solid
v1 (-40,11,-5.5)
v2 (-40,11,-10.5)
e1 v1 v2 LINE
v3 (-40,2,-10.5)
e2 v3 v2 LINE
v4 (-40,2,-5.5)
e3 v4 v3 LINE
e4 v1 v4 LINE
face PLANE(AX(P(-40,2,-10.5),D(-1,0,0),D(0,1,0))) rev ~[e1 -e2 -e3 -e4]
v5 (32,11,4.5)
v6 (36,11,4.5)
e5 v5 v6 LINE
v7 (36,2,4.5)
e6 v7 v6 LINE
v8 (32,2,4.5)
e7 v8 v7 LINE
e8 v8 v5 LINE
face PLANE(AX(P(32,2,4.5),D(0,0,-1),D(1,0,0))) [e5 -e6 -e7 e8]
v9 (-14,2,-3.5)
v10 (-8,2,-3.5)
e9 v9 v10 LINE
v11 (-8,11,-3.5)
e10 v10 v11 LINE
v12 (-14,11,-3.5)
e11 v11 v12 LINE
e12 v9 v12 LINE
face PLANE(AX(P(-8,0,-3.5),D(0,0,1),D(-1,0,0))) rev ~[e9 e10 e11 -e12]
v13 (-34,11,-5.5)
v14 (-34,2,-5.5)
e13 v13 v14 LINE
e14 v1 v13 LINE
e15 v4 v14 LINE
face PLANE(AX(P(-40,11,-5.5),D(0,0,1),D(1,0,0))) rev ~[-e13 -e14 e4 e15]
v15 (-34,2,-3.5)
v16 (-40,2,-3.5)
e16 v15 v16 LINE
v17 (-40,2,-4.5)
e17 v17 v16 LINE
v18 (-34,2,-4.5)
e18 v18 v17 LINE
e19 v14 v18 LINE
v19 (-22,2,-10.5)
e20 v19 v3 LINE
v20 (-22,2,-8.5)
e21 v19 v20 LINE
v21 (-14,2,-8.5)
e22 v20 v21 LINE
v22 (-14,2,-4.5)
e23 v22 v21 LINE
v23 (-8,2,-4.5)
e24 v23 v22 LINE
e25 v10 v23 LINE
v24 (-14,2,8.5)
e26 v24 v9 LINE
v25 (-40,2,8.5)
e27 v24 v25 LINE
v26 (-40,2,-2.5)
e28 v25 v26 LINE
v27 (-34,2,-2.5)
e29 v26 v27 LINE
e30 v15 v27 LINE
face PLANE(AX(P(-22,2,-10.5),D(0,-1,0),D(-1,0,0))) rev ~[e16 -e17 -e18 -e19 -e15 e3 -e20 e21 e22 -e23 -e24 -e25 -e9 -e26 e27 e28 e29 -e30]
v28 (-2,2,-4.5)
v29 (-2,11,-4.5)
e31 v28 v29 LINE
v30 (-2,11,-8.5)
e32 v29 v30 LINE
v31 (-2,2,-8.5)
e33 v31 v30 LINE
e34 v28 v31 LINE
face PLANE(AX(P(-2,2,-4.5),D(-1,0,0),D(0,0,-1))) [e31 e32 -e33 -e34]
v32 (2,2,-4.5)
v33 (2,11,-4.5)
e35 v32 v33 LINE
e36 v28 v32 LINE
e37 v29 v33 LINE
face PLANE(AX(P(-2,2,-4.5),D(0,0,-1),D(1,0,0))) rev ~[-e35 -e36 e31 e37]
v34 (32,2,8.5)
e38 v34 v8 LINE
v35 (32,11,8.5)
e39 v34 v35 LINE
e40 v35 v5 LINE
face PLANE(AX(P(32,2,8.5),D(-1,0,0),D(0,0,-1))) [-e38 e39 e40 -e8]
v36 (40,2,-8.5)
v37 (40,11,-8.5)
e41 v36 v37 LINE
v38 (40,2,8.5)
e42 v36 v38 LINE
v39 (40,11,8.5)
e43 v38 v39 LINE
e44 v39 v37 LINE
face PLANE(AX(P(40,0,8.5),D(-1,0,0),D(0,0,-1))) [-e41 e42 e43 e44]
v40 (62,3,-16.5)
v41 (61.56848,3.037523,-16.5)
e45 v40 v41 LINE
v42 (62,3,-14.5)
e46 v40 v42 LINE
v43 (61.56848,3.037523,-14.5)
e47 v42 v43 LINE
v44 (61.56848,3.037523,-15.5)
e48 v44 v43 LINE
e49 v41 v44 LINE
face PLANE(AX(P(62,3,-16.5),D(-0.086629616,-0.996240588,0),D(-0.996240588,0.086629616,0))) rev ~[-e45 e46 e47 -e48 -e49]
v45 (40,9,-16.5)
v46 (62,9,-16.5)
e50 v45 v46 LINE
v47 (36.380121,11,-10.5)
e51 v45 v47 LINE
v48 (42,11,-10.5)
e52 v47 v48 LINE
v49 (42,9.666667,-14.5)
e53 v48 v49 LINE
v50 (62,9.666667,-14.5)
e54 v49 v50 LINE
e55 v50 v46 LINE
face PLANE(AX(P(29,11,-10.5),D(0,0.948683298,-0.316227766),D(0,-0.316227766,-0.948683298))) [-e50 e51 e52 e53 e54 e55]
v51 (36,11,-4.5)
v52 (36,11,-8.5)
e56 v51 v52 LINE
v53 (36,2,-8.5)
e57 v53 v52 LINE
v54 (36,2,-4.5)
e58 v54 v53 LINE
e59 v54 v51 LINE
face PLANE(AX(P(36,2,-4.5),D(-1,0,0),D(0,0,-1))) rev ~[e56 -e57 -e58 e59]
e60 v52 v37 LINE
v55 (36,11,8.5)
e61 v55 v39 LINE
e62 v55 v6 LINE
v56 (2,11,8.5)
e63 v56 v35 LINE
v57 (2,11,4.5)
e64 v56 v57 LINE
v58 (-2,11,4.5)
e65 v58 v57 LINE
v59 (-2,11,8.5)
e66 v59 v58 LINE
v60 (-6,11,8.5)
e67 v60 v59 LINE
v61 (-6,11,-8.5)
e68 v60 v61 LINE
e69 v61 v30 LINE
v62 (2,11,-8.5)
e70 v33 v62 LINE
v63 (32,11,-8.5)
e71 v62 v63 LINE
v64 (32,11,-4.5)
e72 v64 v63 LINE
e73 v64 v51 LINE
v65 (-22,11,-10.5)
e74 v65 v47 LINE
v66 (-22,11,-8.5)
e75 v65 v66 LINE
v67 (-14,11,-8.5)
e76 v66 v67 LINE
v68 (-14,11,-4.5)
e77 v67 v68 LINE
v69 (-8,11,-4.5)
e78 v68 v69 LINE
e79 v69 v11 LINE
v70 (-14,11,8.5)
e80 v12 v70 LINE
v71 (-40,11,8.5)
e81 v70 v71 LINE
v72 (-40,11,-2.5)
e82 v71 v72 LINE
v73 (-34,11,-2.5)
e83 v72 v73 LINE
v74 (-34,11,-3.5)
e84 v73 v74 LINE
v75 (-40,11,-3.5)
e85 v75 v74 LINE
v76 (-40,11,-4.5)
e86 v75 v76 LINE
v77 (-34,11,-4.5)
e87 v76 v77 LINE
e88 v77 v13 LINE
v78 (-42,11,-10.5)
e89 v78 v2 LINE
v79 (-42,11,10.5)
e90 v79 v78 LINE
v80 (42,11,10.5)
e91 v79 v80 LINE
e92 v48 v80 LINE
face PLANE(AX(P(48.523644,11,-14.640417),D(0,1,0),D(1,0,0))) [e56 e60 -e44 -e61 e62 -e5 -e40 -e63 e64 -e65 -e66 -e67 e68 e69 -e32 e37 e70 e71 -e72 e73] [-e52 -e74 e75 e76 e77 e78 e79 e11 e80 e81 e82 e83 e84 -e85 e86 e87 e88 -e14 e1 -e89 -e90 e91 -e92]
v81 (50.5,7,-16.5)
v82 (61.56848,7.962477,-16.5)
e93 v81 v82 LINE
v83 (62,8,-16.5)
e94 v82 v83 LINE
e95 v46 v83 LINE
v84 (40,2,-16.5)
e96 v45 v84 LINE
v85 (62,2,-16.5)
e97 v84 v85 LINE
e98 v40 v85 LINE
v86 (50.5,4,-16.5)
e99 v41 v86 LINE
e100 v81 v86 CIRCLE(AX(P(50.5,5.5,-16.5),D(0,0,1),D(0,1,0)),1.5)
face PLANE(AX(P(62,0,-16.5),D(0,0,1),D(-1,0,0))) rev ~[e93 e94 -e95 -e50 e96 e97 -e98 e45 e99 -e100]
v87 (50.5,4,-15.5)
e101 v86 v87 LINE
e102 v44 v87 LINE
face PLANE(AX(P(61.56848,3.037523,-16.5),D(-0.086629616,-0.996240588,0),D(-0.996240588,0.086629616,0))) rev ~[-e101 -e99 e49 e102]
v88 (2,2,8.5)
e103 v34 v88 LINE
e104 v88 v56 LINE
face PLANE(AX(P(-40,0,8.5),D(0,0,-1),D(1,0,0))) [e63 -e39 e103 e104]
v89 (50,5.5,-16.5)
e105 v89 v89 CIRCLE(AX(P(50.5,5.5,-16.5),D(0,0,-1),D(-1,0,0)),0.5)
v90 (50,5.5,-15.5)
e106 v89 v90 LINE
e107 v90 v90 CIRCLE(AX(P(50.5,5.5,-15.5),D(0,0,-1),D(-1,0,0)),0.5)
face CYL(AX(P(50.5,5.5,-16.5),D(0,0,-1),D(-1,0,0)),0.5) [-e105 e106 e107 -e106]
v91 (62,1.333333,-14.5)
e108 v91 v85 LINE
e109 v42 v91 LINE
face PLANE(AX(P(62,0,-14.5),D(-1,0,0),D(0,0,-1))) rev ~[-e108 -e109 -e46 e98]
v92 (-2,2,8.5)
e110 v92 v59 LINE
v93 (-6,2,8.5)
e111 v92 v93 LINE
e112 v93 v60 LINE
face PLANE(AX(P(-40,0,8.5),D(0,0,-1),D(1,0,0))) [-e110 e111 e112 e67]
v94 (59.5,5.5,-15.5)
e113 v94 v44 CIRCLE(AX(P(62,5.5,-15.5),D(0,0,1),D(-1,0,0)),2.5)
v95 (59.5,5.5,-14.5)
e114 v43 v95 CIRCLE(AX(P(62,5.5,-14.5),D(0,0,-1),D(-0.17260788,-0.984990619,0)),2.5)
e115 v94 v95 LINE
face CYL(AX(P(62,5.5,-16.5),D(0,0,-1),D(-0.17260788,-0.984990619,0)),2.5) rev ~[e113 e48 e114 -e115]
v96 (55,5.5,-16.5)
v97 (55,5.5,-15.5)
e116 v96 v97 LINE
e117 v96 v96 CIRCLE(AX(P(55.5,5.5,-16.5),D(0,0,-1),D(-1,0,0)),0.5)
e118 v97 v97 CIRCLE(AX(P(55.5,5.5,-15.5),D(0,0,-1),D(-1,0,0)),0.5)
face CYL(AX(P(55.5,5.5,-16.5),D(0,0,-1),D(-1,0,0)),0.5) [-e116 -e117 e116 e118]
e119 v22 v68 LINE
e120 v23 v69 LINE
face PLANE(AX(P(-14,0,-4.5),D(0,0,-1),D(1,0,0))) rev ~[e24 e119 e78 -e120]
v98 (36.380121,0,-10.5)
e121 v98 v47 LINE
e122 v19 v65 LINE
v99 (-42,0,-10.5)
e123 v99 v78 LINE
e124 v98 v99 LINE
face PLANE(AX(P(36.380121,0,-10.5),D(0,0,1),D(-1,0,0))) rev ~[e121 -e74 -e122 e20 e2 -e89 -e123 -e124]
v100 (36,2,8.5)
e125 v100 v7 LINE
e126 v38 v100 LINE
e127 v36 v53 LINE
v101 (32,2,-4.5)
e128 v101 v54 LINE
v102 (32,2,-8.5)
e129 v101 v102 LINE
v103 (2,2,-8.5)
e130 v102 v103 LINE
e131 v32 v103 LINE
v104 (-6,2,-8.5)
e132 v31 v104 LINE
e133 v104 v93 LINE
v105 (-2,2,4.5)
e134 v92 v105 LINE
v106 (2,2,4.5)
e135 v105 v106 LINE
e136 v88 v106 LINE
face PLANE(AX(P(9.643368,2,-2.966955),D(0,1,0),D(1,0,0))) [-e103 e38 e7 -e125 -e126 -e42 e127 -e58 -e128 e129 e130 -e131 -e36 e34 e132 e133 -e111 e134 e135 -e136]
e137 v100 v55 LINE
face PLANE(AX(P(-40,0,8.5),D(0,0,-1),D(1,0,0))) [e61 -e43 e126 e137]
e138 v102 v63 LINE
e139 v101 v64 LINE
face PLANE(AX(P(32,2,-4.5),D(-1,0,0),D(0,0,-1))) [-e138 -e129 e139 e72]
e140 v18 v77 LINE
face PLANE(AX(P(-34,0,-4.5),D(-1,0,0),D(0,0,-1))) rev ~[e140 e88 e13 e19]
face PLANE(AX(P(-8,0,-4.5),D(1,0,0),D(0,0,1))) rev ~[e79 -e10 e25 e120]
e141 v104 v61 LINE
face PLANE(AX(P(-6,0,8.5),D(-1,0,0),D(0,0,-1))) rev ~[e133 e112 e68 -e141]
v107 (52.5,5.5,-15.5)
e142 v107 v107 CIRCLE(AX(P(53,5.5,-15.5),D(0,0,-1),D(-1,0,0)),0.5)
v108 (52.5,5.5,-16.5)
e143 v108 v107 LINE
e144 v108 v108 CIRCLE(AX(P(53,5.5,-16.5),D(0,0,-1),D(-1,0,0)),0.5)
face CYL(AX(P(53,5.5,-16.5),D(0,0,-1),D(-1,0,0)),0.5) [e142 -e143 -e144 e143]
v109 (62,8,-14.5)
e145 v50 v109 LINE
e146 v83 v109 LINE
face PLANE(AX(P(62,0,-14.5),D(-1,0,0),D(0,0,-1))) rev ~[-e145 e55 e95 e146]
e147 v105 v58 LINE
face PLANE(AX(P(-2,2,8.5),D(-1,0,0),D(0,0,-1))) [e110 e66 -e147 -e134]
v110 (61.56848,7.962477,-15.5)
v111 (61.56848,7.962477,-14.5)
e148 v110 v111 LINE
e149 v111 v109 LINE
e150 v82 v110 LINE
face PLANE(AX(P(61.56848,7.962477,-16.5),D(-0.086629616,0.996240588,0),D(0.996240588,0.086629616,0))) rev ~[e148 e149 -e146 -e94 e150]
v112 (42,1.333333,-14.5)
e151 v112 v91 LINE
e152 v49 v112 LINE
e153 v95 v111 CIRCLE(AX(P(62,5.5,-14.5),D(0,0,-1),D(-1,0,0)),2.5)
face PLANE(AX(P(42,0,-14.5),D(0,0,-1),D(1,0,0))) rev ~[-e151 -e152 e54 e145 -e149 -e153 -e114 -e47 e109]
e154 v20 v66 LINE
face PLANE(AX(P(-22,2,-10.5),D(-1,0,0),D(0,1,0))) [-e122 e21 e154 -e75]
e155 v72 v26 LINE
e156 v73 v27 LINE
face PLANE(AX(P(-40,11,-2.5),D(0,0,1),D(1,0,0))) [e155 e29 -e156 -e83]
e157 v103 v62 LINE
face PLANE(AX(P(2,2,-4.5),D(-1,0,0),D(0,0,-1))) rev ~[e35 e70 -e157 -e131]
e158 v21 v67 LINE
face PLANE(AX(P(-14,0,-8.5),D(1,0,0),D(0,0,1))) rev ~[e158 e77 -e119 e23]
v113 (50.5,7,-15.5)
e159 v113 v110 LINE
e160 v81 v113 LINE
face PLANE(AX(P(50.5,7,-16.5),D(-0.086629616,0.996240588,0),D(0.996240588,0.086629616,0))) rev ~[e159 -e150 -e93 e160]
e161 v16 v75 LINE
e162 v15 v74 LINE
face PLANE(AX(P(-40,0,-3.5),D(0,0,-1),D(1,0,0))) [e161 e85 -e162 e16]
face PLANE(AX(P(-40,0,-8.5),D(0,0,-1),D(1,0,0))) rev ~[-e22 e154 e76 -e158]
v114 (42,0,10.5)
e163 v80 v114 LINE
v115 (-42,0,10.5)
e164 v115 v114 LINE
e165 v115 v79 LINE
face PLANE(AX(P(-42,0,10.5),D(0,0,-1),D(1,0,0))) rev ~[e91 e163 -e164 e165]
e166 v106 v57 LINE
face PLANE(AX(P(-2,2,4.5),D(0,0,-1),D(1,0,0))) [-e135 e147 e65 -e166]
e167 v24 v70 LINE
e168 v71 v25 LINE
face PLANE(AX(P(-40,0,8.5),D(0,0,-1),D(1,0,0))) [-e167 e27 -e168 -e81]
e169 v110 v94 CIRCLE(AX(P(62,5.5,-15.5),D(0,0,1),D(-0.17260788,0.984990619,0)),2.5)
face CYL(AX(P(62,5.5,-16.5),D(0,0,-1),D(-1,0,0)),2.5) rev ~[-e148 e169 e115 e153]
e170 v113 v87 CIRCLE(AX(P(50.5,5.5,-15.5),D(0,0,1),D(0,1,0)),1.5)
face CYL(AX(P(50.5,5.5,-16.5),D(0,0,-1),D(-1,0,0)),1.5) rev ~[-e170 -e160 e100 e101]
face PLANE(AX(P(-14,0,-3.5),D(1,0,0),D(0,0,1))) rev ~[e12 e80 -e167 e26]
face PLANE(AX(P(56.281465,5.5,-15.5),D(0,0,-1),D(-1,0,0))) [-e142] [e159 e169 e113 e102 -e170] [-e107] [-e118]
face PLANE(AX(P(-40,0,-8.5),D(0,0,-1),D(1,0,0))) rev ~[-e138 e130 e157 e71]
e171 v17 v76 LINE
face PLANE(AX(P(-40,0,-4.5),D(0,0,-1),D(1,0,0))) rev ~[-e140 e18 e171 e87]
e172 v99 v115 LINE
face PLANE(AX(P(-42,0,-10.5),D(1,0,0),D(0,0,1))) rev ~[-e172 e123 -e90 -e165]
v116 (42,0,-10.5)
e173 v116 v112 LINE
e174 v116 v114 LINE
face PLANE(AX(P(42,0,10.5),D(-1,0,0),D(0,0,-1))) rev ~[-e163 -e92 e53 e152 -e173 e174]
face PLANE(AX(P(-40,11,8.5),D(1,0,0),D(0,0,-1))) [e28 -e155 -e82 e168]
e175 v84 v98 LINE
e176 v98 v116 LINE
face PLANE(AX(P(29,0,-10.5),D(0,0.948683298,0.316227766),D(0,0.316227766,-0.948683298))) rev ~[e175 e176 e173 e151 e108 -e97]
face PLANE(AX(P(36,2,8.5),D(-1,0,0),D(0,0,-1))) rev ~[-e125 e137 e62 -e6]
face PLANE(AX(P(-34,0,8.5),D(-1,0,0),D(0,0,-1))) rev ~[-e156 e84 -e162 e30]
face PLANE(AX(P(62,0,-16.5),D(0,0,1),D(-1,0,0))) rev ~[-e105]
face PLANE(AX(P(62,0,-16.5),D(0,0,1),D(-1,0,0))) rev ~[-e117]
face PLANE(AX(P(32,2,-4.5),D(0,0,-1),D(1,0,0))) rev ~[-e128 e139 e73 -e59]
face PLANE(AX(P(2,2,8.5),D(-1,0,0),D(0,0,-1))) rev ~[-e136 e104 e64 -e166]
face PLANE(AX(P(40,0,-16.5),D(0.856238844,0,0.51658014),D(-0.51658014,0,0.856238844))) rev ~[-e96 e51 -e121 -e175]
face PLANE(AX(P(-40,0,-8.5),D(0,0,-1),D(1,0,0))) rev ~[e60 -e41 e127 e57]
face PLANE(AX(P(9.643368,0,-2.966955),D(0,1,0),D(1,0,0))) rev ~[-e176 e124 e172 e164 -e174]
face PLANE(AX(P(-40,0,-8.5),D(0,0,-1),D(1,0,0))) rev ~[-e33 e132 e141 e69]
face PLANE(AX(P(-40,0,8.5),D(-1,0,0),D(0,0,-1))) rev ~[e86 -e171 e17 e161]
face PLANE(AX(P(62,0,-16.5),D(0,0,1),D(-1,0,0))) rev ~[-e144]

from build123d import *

# Parameters (mm, degrees)
BOSS_EXTRUDE1_DEPTH     = 2
SKETCH1_4_W             = 46
SKETCH1_4_H             = 17
BOSS_EXTRUDE2_DEPTH     = 11
SKETCH2_W               = 6
SKETCH2_H               = 3
SKETCH2_H_2             = 11
CUT_EXTRUDE1_DEPTH      = 9
SKETCH3_W               = 18
SKETCH3_H               = 9
CUT_EXTRUDE2_DEPTH      = 2
SKETCH4_W               = 4
SKETCH4_H               = 4
BOSS_EXTRUDE3_DEPTH     = 9
SKETCH6_R               = 0.5
CUT_EXTRUDE3_DEPTH      = 1
CUT_EXTRUDE4_DEPTH      = 2
CUT_EXTRUDE5_DEPTH      = 34
CUT_EXTRUDE5_DEPTH_BACK = 13


with BuildPart() as part:
    # Sketch1 → Boss-Extrude1 (new body)
    with BuildSketch(Plane(origin=(0, 0, 0), x_dir=(1, 0, 0), z_dir=(0, 1, 0))):
        Polygon((-42, 10.5), (-42, -10.5), (42, -10.5), (42, 14.5), (62, 14.5), (62, 16.5), (40, 16.5), (36.380121198, 10.5), align=None)
    extrude(amount=BOSS_EXTRUDE1_DEPTH)

    # Sketch1<4> → Boss-Extrude2 (add)
    with BuildSketch(Plane(origin=(0, 0, 0), x_dir=(1, 0, 0), z_dir=(0, 1, 0))):
        Polygon((-42, 10.5), (-42, -10.5), (42, -10.5), (42, 14.5), (62, 14.5), (62, 16.5), (40, 16.5), (36.380121198, 10.5), align=None)
        Polygon((-14, 3.5), (-14, -8.5), (-34, -8.5), (-34, 3.5), (-40, 3.5), (-40, 4.5), (-34, 4.5), (-34, 8.5), (-14, 8.5), (-14, 4.5), (-8, 4.5), (-8, 3.5), align=None, mode=Mode.SUBTRACT)
        with Locations((17, 0)):
            Rectangle(SKETCH1_4_W, SKETCH1_4_H, mode=Mode.SUBTRACT)
    extrude(amount=BOSS_EXTRUDE2_DEPTH)

    # Sketch2 → Cut-Extrude1 (cut)
    with BuildSketch(Plane(origin=(0, 11, 0), x_dir=(1, 0, 0), z_dir=(0, 1, 0))):
        with Locations((-37, 7)):
            Rectangle(SKETCH2_W, SKETCH2_H)
        with Locations((-37, -3)):
            Rectangle(SKETCH2_W, SKETCH2_H_2)
    extrude(amount=-CUT_EXTRUDE1_DEPTH, mode=Mode.SUBTRACT)

    # Sketch3 → Cut-Extrude2 (cut)
    with BuildSketch(Plane(origin=(0, 0, -10.5), x_dir=(-1, 0, 0), z_dir=(0, 0, -1))):
        with Locations((31, 6.5)):
            Rectangle(SKETCH3_W, SKETCH3_H)
    extrude(amount=-CUT_EXTRUDE2_DEPTH, mode=Mode.SUBTRACT)

    # Sketch4 → Boss-Extrude3 (add)
    with BuildSketch(Plane(origin=(0, 2, 0), x_dir=(1, 0, 0), z_dir=(0, 1, 0))):
        with Locations((0, 6.5)):
            Rectangle(SKETCH4_W, SKETCH4_H)
        with Locations((0, -6.5)):
            Rectangle(SKETCH4_W, SKETCH4_H)
        with Locations((34, 6.5)):
            Rectangle(SKETCH4_W, SKETCH4_H)
        with Locations((34, -6.5)):
            Rectangle(SKETCH4_W, SKETCH4_H)
    extrude(amount=BOSS_EXTRUDE3_DEPTH)

    # Sketch6 → Cut-Extrude3 (cut)
    with BuildSketch(Plane(origin=(0, 0, -16.5), x_dir=(-1, 0, 0), z_dir=(0, 0, -1))):
        with BuildLine():
            Line((-61.5684803, 3.037523452), (-50.5, 4))
            ThreePointArc((-50.5, 4), (-49, 5.5), (-50.5, 7))
            Line((-50.5, 7), (-61.5684803, 7.962476548))
            ThreePointArc((-61.5684803, 7.962476548), (-59.5, 5.5), (-61.5684803, 3.037523452))
        make_face()
        with Locations((-55.5, 5.5)):
            Circle(SKETCH6_R, mode=Mode.SUBTRACT)
        with Locations((-53, 5.5)):
            Circle(SKETCH6_R, mode=Mode.SUBTRACT)
        with Locations((-50.5, 5.5)):
            Circle(SKETCH6_R, mode=Mode.SUBTRACT)
    extrude(amount=-CUT_EXTRUDE3_DEPTH, mode=Mode.SUBTRACT)

    # Sketch6<3> → Cut-Extrude4 (cut)
    with BuildSketch(Plane(origin=(0, 0, -16.5), x_dir=(-1, 0, 0), z_dir=(0, 0, -1))):
        with BuildLine():
            Line((-62, 8), (-62, 3))
            Line((-62, 3), (-61.5684803, 3.037523452))
            ThreePointArc((-61.5684803, 3.037523452), (-60.085737838, 3.892019784), (-59.5, 5.5))
            ThreePointArc((-59.5, 5.5), (-60.085737838, 7.107980216), (-61.5684803, 7.962476548))
            Line((-61.5684803, 7.962476548), (-62, 8))
        make_face()
    extrude(amount=-CUT_EXTRUDE4_DEPTH, mode=Mode.SUBTRACT)

    # Sketch7 → Cut-Extrude5 (cut, two sides: drawn at the far end of the back side and taken through both)
    with BuildSketch(Plane(origin=(42, 0, 0), x_dir=(0, 0, -1), z_dir=(1, 0, 0)).offset(-CUT_EXTRUDE5_DEPTH_BACK)):
        Polygon((10.5, 0), (16.5, 2), (16.5, 0), align=None)
        Polygon((10.5, 11), (16.5, 9), (16.5, 11), align=None)
    extrude(amount=CUT_EXTRUDE5_DEPTH + CUT_EXTRUDE5_DEPTH_BACK, mode=Mode.SUBTRACT)


solid = part.part
